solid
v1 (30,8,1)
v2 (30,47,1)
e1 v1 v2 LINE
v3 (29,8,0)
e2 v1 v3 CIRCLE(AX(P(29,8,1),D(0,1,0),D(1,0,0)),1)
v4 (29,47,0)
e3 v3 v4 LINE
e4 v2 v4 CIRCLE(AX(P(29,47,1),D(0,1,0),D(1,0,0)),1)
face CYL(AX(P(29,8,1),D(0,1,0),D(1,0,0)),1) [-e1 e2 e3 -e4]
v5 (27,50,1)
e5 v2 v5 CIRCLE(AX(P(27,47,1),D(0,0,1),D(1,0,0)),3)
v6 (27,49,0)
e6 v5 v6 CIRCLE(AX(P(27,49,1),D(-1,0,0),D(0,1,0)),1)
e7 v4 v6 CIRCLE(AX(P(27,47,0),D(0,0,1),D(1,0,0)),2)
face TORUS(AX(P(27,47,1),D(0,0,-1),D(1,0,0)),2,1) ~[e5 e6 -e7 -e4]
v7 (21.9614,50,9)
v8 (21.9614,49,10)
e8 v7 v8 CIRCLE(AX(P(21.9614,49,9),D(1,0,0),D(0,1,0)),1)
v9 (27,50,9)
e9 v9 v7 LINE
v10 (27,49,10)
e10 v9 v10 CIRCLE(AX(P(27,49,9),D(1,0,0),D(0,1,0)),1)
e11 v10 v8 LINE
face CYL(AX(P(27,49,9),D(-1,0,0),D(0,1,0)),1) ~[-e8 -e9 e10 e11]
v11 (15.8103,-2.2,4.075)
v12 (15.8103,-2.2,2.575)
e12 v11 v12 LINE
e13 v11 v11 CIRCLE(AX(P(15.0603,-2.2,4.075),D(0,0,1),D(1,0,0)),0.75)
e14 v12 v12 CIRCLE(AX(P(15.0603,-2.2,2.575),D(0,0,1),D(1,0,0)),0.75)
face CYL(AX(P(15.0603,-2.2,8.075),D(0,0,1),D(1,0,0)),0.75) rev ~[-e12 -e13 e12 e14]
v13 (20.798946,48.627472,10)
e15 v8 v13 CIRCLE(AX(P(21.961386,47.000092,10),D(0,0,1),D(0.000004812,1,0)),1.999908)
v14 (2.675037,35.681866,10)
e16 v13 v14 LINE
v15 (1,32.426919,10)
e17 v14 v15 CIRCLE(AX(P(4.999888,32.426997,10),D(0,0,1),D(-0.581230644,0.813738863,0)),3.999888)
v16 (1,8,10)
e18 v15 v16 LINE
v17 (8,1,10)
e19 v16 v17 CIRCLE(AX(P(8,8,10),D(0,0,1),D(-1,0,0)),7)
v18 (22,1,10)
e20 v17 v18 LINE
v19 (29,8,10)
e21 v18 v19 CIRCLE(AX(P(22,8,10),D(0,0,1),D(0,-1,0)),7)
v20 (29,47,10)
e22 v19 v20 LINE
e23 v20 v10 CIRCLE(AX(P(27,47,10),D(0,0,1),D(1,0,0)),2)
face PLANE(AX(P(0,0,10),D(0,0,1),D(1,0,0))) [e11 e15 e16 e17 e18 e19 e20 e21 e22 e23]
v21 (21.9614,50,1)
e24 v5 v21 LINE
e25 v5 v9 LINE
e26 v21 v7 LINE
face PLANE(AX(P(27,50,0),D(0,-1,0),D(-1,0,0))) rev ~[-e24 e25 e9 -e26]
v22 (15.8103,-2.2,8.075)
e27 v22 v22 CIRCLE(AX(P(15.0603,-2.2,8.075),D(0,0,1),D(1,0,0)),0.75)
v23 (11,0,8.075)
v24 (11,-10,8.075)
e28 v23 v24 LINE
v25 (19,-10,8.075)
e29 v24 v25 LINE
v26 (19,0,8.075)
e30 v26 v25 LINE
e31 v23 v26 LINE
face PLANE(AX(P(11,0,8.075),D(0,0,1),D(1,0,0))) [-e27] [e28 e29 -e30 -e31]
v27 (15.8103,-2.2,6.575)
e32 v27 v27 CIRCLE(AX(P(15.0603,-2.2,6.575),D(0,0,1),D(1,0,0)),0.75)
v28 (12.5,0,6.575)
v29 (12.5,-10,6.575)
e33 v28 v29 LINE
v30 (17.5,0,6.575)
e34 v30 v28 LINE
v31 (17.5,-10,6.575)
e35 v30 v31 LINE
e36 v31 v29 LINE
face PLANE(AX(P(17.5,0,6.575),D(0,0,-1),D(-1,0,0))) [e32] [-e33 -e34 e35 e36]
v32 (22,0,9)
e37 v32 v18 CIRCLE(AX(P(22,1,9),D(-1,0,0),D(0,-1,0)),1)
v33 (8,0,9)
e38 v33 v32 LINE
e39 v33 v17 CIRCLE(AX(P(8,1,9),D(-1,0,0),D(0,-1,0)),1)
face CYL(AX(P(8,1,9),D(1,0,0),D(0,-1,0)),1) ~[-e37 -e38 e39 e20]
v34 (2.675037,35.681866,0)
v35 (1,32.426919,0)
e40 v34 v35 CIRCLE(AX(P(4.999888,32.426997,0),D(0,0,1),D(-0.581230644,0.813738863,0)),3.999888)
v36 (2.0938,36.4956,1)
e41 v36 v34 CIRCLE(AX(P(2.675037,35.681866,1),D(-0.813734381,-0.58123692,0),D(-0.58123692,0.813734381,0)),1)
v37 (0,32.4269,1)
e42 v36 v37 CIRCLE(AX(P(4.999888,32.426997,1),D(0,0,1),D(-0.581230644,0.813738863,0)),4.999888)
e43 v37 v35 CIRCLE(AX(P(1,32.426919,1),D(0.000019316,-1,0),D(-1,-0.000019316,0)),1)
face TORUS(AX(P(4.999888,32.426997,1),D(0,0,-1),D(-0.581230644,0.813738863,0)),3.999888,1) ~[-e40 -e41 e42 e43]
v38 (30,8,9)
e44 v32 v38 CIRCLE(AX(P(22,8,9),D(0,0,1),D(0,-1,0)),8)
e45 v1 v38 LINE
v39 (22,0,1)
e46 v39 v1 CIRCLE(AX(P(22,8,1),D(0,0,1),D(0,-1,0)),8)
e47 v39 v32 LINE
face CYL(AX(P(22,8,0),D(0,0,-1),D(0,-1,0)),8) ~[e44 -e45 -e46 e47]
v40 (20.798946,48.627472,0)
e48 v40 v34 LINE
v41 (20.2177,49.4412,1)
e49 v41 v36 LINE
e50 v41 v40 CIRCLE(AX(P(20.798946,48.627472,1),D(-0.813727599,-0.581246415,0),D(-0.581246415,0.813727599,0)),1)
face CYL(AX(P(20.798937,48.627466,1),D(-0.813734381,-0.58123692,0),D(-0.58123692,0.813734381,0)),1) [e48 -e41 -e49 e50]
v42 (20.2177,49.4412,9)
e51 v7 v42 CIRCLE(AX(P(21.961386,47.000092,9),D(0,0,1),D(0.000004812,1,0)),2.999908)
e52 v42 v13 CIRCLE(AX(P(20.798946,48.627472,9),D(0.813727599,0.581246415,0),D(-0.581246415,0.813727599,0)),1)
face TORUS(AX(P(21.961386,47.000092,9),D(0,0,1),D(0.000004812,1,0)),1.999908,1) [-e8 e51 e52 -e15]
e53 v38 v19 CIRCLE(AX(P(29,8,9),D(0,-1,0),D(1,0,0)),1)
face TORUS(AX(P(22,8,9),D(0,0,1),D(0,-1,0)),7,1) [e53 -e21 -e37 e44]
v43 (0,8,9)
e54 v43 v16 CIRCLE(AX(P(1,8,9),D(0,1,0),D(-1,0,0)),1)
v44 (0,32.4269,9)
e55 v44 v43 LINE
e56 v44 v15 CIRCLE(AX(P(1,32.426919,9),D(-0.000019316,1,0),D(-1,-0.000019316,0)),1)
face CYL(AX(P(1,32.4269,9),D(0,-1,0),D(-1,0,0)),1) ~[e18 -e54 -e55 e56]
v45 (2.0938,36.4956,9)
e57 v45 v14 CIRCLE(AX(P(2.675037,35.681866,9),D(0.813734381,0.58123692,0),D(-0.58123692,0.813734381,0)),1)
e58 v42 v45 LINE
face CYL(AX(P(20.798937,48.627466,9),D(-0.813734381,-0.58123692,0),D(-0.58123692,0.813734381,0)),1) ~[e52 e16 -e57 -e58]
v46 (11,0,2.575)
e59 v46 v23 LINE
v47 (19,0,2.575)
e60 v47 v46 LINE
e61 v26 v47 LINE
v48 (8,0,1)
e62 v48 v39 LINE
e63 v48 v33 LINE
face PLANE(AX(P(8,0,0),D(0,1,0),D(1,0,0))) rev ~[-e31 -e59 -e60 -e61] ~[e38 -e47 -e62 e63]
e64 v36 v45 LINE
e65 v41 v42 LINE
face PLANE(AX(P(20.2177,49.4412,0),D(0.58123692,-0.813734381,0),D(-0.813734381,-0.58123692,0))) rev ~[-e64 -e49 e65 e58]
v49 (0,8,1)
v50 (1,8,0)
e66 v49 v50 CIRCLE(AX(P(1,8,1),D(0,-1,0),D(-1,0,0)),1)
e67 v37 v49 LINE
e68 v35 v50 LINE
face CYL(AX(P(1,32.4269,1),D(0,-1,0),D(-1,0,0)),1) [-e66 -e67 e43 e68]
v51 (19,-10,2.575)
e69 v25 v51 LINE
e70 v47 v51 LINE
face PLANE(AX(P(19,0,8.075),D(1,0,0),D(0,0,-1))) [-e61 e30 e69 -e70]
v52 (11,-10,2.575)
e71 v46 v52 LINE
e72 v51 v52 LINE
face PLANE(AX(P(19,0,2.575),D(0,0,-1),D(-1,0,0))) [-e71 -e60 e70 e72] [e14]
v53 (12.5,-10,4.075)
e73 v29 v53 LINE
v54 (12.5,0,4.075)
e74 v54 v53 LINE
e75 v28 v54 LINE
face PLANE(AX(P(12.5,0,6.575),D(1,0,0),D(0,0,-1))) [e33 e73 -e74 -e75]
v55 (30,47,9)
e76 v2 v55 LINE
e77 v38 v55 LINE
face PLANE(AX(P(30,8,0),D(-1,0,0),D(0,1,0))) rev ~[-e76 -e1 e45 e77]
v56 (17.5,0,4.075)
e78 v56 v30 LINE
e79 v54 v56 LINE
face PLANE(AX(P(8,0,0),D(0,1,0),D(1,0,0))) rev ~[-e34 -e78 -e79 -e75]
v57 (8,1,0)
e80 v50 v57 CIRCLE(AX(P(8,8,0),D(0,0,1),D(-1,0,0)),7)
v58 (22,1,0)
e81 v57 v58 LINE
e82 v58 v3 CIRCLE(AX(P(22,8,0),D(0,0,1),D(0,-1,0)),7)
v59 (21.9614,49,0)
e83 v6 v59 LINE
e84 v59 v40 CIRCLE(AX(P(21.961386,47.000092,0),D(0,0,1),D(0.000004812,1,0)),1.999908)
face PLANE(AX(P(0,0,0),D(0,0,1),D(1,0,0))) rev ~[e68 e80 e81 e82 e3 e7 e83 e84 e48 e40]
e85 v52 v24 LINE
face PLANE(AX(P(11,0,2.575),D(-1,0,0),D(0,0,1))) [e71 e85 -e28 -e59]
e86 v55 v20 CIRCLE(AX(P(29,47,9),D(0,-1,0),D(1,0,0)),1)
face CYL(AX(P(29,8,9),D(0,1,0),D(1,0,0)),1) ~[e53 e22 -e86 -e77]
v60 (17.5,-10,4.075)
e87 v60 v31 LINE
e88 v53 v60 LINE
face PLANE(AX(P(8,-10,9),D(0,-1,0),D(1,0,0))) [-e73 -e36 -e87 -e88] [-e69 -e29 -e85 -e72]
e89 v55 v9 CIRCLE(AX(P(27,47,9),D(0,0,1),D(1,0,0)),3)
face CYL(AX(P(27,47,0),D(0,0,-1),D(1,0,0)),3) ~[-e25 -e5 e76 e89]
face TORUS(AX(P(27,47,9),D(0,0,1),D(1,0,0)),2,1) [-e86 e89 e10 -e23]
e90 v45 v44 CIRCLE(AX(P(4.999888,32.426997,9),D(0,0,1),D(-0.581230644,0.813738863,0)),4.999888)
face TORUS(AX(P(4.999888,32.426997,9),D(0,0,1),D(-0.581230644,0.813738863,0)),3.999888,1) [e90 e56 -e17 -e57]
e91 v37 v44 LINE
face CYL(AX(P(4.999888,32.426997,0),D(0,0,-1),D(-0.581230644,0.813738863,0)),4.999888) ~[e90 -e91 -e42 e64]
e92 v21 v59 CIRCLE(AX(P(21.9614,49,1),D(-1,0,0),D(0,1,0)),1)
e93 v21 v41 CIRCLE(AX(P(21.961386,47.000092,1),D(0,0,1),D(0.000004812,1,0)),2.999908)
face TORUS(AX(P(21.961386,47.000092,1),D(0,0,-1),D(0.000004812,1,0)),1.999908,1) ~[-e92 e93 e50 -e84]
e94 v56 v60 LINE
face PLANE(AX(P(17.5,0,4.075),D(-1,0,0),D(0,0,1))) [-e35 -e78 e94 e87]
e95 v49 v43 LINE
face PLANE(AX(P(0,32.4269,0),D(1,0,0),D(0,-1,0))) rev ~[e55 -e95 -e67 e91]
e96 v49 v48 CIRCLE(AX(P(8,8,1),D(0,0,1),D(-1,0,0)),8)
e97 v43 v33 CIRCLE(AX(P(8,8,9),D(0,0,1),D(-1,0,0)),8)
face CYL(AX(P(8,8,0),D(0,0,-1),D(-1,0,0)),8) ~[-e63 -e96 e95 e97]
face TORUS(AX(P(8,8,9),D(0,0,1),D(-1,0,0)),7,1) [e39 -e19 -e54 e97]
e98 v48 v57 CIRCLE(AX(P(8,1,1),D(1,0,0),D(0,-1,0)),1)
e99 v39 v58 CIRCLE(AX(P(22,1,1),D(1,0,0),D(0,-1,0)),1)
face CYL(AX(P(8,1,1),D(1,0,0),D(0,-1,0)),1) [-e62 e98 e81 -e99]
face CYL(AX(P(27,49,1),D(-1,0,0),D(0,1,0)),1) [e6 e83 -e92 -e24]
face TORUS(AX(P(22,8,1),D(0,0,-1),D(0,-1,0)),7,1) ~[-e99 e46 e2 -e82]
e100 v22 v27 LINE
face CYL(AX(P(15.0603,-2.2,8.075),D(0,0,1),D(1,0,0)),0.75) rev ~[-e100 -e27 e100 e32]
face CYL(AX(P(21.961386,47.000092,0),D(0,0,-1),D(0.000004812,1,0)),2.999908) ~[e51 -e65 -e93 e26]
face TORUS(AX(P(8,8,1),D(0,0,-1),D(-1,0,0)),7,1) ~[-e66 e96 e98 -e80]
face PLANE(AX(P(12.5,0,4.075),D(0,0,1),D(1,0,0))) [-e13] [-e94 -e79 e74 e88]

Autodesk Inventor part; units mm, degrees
ref_plane "YZ Plane" through (0, 0, 0) normal (1, 0, 0) x (0, 1, 0)
ref_plane "XZ Plane" through (0, 0, 0) normal (0, 1, 0) x (-1, 0, 0)
ref_plane "XY Plane" through (0, 0, 0) normal (0, 0, 1) x (1, 0, 0)
sketch "Sketch1" plane through (0, 0, 0) normal (0, 0, 1) x (1, 0, 0)
  line L0 (8, 0) -> (22, 0)
  line L1 (30, 8) -> (30, 47)
  line L2 (27, 50) -> (0, 50)
  line L3 (0, 32.4269) -> (0, 8)
  line L4 (0, 50) -> (0, 35)
  line L5 (30, 50) -> (21.9614, 50)
  line L6 (20.2177, 49.4412) -> (2.0938, 36.4956)
  arc A0 (0, 8) -> (8, 0) centre (8, 8) ccw
  arc A1 (22, 0) -> (30, 8) centre (22, 8) ccw
  arc A2 (30, 47) -> (27, 50) centre (27, 47) ccw
  arc A3 (2.0938, 36.4956) -> (0, 32.4269) centre (5, 32.4269) ccw
  arc A4 (21.9614, 50) -> (20.2177, 49.4412) centre (21.9614, 47) ccw
  point P0 (0, 0)
  point P1 (30, 0)
  point P2 (21, 50)
  dimension "d0" = 30
  dimension "d1" = 50
  dimension "d2" = 15
  dimension "d3" = 9
  dimension "d4" = 8
  dimension "d21" = 3
  dimension "d22" = 5
  dimension "d23" = 3
extrude "Extrusion1" add sketch "Sketch1" along normal blind 10
fillet "Fillet1" radius 1 14 edges at (2.3431, 2.3431, 10) (15, 0, 10) (27.6569, 2.3431, 10) (30, 27.5, 10) (0, 20.2135, 10) (11.1557, 42.9684, 10) (24.4807, 50, 10) (24.4807, 50, 0) (11.1557, 42.9684, 0) (2.3431, 2.3431, 0) (15, 0, 0) (27.6569, 2.3431, 0) (30, 27.5, 0) (0, 20.2135, 0)
sketch "Sketch2" plane through (8, 0, 9) normal (0, -1, 0) x (1, 0, 0)
  line L0 (4.5, -4.925) -> (9.5, -4.925)
  line L1 (9.5, -4.925) -> (9.5, -2.425)
  line L2 (9.5, -2.425) -> (4.5, -2.425)
  line L3 (4.5, -2.425) -> (4.5, -4.925)
  line L4 (22, -8) -> (22, 0) projected
  line L5 (-8, -8) -> (-8, 0) projected
  line L6 (0, -9) -> (14, -9) projected
  line L7 (14, 1) -> (0, 1) projected
  line L8 (11, -6.425) -> (3, -6.425)
  line L9 (3, -6.425) -> (3, -0.925)
  line L10 (3, -0.925) -> (11, -0.925)
  line L11 (11, -0.925) -> (11, -6.425)
  point P0 (-8, -9)
  dimension "d8" = 5
  dimension "d9" = 2.5
  dimension "d10" = 30
  dimension "d11" = 12.5
  dimension "d12" = 10
  dimension "d13" = 3.425
  dimension "d14" = 1.5
extrude "Extrusion2" add sketch "Sketch2" along normal blind 10
sketch "Sketch3" plane through (11, 0, 8.075) normal (0, 0, 1) x (1, 0, 0)
  circle A0 centre (4.0603, -2.2) radius 0.75
  line L0 (8, -10) -> (0, -10) projected
  point P0 (-11, 0)
  dimension "d17" = 1.5
  dimension "d18" = 7.8
extrude "Extrusion3" cut sketch "Sketch3" against normal up to surface (5.5 mm away)
